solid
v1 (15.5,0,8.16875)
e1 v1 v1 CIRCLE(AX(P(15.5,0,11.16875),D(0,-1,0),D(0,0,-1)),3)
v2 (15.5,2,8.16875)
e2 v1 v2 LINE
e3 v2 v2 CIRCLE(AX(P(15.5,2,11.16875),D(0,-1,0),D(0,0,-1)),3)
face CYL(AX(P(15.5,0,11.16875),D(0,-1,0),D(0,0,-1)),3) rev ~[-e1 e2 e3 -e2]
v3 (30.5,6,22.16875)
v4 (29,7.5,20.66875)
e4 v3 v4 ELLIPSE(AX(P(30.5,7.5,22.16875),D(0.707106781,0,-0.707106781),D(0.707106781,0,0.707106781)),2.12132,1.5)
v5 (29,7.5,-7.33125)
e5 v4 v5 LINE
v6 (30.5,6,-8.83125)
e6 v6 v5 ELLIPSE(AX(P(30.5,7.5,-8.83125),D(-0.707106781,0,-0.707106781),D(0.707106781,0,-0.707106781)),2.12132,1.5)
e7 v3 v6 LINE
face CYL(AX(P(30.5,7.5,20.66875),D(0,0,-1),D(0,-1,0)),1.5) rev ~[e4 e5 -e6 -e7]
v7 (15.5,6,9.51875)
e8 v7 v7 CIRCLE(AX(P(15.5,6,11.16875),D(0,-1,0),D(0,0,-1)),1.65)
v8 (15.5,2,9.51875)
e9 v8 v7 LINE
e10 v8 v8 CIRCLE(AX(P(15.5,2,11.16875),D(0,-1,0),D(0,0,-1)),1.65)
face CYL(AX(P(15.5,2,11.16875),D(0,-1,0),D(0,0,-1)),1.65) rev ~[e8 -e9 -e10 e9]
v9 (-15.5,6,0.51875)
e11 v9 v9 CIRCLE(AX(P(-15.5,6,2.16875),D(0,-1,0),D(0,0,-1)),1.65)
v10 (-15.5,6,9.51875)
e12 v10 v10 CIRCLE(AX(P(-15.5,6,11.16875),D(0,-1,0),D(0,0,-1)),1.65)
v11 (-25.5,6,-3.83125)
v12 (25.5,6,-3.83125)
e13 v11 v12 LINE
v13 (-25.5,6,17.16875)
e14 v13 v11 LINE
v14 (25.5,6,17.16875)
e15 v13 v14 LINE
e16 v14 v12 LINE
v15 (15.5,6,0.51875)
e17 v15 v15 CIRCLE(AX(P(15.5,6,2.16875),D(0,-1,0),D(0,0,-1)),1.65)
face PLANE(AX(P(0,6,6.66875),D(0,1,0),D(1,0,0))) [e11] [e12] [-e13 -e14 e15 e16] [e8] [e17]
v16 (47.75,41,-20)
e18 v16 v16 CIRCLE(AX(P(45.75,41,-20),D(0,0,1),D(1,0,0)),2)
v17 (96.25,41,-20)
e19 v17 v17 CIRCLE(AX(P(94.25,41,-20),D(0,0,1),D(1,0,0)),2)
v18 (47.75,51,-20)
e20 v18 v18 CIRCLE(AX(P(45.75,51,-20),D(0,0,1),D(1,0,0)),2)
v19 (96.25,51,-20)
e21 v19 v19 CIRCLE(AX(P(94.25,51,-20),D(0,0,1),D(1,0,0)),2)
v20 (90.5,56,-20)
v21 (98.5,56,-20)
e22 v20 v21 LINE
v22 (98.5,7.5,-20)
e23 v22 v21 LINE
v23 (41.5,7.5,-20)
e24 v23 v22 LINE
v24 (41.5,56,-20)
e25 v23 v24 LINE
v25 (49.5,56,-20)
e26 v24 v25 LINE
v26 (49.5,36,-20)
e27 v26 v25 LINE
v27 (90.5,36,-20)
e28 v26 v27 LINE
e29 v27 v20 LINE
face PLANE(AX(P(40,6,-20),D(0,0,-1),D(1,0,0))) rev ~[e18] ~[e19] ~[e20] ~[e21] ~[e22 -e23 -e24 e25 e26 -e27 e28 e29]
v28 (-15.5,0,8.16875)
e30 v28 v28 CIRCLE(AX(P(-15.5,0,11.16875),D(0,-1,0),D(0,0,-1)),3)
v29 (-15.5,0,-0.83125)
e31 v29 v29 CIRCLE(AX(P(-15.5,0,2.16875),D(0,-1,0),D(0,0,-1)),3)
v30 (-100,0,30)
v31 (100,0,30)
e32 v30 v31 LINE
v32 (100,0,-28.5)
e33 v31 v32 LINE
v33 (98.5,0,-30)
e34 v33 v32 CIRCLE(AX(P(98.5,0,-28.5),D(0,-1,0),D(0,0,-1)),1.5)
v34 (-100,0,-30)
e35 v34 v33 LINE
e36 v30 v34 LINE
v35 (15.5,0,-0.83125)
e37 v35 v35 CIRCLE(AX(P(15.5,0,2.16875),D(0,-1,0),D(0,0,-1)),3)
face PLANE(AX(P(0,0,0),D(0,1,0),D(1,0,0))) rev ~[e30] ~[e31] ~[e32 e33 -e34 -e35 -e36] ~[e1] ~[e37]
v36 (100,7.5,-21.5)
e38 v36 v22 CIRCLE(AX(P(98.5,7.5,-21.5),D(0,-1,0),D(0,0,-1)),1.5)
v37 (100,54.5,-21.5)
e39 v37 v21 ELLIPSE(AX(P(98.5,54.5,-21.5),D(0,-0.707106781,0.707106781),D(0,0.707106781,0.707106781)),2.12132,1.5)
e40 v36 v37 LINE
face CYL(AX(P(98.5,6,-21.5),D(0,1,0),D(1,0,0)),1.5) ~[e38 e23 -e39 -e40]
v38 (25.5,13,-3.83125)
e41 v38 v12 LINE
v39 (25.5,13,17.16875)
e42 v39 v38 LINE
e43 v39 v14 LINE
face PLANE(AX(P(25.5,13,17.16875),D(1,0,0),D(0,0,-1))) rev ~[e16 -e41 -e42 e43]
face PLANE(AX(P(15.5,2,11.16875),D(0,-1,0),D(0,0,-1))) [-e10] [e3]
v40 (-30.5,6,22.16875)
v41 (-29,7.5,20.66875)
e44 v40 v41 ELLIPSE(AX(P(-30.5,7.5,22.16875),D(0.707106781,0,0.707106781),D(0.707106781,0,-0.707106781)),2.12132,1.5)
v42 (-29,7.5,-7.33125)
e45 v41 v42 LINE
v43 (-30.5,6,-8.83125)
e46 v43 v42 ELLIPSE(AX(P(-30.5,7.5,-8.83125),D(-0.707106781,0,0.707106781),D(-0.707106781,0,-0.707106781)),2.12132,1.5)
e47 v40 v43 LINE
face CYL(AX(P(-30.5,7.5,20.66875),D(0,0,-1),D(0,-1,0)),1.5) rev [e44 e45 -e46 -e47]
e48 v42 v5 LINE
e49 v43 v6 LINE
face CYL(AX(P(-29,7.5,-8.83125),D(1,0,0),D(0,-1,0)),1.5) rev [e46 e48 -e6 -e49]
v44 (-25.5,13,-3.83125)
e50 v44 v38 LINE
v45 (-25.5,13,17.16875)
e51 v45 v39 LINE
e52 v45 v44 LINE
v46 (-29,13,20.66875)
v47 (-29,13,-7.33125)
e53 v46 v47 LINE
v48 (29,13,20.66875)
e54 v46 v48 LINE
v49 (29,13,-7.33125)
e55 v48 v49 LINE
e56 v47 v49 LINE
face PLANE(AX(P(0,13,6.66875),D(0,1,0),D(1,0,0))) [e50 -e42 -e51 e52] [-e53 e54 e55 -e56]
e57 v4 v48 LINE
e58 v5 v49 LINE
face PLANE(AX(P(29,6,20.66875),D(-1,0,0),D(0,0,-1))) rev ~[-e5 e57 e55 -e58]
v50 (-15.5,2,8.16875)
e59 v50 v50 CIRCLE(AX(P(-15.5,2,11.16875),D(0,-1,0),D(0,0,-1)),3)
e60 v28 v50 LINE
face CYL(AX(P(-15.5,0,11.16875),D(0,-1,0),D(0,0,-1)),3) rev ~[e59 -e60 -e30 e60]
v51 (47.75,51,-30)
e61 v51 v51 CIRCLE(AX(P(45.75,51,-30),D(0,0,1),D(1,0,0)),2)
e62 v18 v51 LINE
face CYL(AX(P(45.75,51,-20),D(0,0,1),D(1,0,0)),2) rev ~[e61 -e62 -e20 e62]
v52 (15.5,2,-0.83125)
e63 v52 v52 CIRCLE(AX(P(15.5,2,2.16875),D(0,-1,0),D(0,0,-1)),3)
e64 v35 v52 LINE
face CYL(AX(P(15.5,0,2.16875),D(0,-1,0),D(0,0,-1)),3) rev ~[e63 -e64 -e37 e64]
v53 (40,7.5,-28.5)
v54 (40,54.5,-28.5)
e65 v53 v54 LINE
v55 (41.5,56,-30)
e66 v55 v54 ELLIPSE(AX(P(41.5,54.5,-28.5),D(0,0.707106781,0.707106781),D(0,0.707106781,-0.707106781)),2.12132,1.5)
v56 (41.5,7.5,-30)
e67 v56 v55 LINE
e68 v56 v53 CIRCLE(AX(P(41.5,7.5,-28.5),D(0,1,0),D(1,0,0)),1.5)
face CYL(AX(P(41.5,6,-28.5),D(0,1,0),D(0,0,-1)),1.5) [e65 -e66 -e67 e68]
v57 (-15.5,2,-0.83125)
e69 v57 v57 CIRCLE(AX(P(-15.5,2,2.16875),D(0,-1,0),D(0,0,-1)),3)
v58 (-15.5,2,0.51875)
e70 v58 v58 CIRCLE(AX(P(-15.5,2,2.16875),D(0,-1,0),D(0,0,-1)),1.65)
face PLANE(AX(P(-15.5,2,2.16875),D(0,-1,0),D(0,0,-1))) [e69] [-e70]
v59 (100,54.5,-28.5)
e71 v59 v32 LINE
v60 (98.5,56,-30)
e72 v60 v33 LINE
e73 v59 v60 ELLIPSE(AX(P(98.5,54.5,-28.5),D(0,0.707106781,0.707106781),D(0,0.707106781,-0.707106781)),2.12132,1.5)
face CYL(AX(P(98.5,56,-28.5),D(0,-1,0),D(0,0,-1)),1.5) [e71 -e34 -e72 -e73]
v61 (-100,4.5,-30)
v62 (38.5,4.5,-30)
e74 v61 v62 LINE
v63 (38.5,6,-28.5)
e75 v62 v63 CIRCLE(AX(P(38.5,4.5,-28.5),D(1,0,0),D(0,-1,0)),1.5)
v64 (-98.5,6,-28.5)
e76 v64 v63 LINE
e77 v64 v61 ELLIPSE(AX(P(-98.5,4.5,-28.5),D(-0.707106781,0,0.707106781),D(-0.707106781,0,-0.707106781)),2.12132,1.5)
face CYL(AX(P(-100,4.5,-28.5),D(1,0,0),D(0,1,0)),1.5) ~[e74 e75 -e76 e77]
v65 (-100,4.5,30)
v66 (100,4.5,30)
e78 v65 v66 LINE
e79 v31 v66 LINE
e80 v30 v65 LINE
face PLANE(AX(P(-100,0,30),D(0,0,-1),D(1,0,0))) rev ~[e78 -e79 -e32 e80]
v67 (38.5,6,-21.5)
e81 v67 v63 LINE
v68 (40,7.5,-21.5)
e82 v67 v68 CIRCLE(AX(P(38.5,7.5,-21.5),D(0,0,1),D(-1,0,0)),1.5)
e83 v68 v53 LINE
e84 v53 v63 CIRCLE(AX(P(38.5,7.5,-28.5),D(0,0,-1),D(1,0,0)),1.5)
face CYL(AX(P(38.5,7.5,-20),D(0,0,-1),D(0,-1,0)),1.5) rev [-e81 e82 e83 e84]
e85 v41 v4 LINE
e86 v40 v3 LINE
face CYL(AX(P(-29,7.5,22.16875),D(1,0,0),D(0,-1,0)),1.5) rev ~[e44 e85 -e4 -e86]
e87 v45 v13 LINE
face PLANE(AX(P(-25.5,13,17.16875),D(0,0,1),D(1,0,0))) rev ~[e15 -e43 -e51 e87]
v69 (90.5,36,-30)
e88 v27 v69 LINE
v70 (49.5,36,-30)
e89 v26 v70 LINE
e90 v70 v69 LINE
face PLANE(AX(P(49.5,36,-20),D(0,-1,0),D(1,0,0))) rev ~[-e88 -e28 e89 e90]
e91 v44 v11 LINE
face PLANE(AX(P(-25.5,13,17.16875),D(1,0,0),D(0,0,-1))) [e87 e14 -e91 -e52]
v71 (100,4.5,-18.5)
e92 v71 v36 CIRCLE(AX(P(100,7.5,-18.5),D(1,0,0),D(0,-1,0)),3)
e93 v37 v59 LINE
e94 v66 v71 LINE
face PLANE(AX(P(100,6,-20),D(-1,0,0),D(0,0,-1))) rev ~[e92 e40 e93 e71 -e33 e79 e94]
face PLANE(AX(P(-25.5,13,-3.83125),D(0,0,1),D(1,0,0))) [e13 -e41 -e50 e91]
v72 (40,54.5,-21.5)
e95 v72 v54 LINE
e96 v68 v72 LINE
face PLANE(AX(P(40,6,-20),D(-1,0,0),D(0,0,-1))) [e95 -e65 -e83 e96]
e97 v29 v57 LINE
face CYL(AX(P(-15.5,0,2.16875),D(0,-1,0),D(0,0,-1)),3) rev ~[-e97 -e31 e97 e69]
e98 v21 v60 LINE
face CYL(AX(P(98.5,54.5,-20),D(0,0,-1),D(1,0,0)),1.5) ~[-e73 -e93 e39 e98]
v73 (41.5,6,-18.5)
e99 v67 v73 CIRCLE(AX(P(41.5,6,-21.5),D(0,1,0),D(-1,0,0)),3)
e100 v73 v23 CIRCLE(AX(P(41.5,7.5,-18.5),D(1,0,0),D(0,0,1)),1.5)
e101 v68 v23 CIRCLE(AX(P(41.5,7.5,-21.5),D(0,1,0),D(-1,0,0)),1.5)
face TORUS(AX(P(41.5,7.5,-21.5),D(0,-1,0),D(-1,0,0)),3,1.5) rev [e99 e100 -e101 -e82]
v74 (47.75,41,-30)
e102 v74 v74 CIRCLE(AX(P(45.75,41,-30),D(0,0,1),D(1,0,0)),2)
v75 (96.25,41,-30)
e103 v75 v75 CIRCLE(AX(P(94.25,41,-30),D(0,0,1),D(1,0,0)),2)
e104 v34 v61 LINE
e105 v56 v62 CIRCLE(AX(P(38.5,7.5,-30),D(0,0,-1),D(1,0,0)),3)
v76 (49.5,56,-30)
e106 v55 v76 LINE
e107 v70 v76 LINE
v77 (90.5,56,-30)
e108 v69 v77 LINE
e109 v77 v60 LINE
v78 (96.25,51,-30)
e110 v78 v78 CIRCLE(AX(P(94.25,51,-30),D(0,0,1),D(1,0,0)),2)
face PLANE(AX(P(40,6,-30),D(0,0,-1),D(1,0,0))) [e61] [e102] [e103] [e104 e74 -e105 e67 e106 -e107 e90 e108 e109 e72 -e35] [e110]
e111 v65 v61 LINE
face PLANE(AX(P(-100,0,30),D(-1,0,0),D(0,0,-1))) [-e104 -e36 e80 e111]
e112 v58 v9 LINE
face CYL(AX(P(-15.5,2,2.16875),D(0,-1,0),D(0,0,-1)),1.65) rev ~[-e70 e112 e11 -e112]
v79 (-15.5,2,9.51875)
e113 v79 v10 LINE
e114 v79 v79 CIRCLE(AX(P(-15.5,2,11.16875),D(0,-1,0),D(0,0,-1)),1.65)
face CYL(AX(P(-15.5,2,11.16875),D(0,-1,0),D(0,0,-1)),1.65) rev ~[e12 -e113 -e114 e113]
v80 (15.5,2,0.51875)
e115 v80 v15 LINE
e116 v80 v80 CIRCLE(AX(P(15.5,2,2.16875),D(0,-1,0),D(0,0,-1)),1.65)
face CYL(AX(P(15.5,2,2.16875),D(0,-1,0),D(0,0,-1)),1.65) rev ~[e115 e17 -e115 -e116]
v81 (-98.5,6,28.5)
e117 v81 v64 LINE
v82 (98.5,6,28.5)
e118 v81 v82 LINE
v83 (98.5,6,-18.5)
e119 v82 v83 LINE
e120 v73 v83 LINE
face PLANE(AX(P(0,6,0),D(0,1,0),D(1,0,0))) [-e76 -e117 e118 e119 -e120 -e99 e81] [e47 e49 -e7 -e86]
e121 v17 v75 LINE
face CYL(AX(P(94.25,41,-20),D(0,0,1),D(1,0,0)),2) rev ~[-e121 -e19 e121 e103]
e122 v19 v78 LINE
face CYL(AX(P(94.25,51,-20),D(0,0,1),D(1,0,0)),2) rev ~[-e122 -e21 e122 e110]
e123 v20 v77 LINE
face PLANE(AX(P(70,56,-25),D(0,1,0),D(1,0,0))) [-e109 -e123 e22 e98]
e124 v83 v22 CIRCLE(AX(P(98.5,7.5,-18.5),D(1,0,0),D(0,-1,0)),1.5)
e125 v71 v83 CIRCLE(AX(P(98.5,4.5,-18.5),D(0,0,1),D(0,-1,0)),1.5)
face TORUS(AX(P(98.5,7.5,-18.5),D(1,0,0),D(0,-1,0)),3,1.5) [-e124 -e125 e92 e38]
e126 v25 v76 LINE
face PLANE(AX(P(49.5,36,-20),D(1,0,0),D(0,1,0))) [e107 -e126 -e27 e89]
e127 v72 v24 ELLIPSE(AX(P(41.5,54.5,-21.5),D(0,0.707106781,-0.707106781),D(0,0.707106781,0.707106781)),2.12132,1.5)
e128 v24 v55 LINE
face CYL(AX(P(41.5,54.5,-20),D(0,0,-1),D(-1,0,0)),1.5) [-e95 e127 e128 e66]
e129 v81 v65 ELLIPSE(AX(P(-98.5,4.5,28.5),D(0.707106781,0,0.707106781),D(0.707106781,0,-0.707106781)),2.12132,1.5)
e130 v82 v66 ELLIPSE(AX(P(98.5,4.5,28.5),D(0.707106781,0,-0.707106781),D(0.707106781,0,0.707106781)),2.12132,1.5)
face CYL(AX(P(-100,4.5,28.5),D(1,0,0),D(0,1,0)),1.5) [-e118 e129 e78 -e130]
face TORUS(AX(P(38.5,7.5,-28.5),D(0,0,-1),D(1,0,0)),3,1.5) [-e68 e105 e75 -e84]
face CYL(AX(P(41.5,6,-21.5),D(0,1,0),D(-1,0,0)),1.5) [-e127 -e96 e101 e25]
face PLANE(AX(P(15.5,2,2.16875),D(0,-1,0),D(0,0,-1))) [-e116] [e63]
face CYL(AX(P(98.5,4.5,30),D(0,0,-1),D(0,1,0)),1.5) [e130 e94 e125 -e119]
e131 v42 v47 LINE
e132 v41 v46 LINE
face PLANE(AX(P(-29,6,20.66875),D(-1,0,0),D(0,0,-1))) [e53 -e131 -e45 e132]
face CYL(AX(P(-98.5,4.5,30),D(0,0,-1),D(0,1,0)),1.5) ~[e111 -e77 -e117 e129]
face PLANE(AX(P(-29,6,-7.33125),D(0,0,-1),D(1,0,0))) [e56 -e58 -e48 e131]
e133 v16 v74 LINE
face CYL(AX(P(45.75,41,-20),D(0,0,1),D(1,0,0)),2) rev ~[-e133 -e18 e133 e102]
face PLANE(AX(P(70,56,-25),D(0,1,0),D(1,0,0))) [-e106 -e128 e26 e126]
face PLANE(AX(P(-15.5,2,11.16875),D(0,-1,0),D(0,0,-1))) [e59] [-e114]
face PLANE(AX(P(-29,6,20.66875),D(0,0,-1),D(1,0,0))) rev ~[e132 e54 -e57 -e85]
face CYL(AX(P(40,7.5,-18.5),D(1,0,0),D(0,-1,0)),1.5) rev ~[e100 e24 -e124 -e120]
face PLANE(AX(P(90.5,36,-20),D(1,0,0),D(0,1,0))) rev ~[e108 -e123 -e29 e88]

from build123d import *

# Parameters (mm, degrees)
SKETCH8_W           = 200
SKETCH8_H           = 60
BOSS_EXTRUDE6_DEPTH = 6
SKETCH9_W           = 60
SKETCH9_H           = 10
BOSS_EXTRUDE7_DEPTH = 50
SKETCH10_R          = 2
SKETCH10_W          = 41
SKETCH10_H          = 20
CUT_EXTRUDE8_DEPTH  = 10
SKETCH15_W          = 58
SKETCH15_H          = 28
BOSS_EXTRUDE9_DEPTH = 7
SKETCH12_W          = 51
SKETCH12_H          = 21
CUT_EXTRUDE9_DEPTH  = 7
SKETCH13_R          = 3
CUT_EXTRUDE10_DEPTH = 2
SKETCH17_R          = 1.65
CUT_EXTRUDE11_DEPTH = 4
FILLET1_R           = 1.5
FILLET2_R           = 1.5


with BuildPart() as part:
    # Sketch8 → Boss-Extrude6 (new body)
    with BuildSketch(Plane(origin=(0, 0, 0), x_dir=(1, 0, 0), z_dir=(0, 1, 0))):
        Rectangle(SKETCH8_W, SKETCH8_H)
    extrude(amount=BOSS_EXTRUDE6_DEPTH)

    # Sketch9 → Boss-Extrude7 (add)
    with BuildSketch(Plane(origin=(0, 6, 0), x_dir=(1, 0, 0), z_dir=(0, 1, 0))):
        with Locations((70, 25)):
            Rectangle(SKETCH9_W, SKETCH9_H)
    extrude(amount=BOSS_EXTRUDE7_DEPTH)

    # Sketch10 → Cut-Extrude8 (cut)
    with BuildSketch(Plane.XY.offset(-20)):
        with Locations((45.75, 51)):
            Circle(SKETCH10_R)
        with Locations((45.75, 41)):
            Circle(SKETCH10_R)
        with Locations((70, 46)):
            Rectangle(SKETCH10_W, SKETCH10_H)
        with Locations((94.25, 51)):
            Circle(SKETCH10_R)
        with Locations((94.25, 41)):
            Circle(SKETCH10_R)
    extrude(amount=-CUT_EXTRUDE8_DEPTH, mode=Mode.SUBTRACT)

    # Sketch15 → Boss-Extrude9 (add)
    with BuildSketch(Plane(origin=(0, 6, 0), x_dir=(1, 0, 0), z_dir=(0, 1, 0))):
        with Locations((0, -6.66875)):
            Rectangle(SKETCH15_W, SKETCH15_H)
    extrude(amount=BOSS_EXTRUDE9_DEPTH)

    # Sketch12 → Cut-Extrude9 (cut)
    with BuildSketch(Plane(origin=(0, 13, 0), x_dir=(1, 0, 0), z_dir=(0, 1, 0))):
        with Locations((0, -6.66875)):
            Rectangle(SKETCH12_W, SKETCH12_H)
    extrude(amount=-CUT_EXTRUDE9_DEPTH, mode=Mode.SUBTRACT)

    # Sketch13 → Cut-Extrude10 (cut)
    with BuildSketch(Plane(origin=(0, 0, 0), x_dir=(-1, 0, 0), z_dir=(0, -1, 0))):
        with Locations(Location((-15.5, -2.16875, 0), (0, 0, 90))):
            Circle(SKETCH13_R)
        with Locations(Location((-15.5, -11.16875, 0), (0, 0, 90))):
            Circle(SKETCH13_R)
        with Locations(Location((15.5, -2.16875, 0), (0, 0, 90))):
            Circle(SKETCH13_R)
        with Locations(Location((15.5, -11.16875, 0), (0, 0, 90))):
            Circle(SKETCH13_R)
    extrude(amount=-CUT_EXTRUDE10_DEPTH, mode=Mode.SUBTRACT)

    # Sketch17 → Cut-Extrude11 (cut)
    with BuildSketch(Plane.XZ.offset(-2)):
        with Locations(Location((-15.5, 11.16875, 0), (0, 0, 270))):
            Circle(SKETCH17_R)
        with Locations(Location((-15.5, 2.16875, 0), (0, 0, 270))):
            Circle(SKETCH17_R)
        with Locations(Location((15.5, 11.16875, 0), (0, 0, 270))):
            Circle(SKETCH17_R)
        with Locations(Location((15.5, 2.16875, 0), (0, 0, 270))):
            Circle(SKETCH17_R)
    extrude(amount=-CUT_EXTRUDE11_DEPTH, mode=Mode.SUBTRACT)

    # Fillet1
    fillet1_edges = [part.edges().sort_by_distance(p)[0] for p in [
        (-29, 6, 6.66875),
        (0, 6, 20.66875),
        (29, 6, 6.66875),
        (0, 6, -7.33125),
    ]]
    fillet(fillet1_edges, radius=FILLET1_R)

    # Fillet2
    fillet2_edges = [part.edges().sort_by_distance(p)[0] for p in [
        (-100, 6, 0),
        (-30, 6, -30),
        (0, 6, 30),
        (100, 31, -20),
        (40, 6, -25),
        (40, 31, -30),
        (70, 6, -20),
        (40, 31, -20),
        (100, 56, -25),
        (40, 56, -25),
        (100, 6, 5),
        (100, 28, -30),
    ]]
    fillet(fillet2_edges, radius=FILLET2_R)


solid = part.part
